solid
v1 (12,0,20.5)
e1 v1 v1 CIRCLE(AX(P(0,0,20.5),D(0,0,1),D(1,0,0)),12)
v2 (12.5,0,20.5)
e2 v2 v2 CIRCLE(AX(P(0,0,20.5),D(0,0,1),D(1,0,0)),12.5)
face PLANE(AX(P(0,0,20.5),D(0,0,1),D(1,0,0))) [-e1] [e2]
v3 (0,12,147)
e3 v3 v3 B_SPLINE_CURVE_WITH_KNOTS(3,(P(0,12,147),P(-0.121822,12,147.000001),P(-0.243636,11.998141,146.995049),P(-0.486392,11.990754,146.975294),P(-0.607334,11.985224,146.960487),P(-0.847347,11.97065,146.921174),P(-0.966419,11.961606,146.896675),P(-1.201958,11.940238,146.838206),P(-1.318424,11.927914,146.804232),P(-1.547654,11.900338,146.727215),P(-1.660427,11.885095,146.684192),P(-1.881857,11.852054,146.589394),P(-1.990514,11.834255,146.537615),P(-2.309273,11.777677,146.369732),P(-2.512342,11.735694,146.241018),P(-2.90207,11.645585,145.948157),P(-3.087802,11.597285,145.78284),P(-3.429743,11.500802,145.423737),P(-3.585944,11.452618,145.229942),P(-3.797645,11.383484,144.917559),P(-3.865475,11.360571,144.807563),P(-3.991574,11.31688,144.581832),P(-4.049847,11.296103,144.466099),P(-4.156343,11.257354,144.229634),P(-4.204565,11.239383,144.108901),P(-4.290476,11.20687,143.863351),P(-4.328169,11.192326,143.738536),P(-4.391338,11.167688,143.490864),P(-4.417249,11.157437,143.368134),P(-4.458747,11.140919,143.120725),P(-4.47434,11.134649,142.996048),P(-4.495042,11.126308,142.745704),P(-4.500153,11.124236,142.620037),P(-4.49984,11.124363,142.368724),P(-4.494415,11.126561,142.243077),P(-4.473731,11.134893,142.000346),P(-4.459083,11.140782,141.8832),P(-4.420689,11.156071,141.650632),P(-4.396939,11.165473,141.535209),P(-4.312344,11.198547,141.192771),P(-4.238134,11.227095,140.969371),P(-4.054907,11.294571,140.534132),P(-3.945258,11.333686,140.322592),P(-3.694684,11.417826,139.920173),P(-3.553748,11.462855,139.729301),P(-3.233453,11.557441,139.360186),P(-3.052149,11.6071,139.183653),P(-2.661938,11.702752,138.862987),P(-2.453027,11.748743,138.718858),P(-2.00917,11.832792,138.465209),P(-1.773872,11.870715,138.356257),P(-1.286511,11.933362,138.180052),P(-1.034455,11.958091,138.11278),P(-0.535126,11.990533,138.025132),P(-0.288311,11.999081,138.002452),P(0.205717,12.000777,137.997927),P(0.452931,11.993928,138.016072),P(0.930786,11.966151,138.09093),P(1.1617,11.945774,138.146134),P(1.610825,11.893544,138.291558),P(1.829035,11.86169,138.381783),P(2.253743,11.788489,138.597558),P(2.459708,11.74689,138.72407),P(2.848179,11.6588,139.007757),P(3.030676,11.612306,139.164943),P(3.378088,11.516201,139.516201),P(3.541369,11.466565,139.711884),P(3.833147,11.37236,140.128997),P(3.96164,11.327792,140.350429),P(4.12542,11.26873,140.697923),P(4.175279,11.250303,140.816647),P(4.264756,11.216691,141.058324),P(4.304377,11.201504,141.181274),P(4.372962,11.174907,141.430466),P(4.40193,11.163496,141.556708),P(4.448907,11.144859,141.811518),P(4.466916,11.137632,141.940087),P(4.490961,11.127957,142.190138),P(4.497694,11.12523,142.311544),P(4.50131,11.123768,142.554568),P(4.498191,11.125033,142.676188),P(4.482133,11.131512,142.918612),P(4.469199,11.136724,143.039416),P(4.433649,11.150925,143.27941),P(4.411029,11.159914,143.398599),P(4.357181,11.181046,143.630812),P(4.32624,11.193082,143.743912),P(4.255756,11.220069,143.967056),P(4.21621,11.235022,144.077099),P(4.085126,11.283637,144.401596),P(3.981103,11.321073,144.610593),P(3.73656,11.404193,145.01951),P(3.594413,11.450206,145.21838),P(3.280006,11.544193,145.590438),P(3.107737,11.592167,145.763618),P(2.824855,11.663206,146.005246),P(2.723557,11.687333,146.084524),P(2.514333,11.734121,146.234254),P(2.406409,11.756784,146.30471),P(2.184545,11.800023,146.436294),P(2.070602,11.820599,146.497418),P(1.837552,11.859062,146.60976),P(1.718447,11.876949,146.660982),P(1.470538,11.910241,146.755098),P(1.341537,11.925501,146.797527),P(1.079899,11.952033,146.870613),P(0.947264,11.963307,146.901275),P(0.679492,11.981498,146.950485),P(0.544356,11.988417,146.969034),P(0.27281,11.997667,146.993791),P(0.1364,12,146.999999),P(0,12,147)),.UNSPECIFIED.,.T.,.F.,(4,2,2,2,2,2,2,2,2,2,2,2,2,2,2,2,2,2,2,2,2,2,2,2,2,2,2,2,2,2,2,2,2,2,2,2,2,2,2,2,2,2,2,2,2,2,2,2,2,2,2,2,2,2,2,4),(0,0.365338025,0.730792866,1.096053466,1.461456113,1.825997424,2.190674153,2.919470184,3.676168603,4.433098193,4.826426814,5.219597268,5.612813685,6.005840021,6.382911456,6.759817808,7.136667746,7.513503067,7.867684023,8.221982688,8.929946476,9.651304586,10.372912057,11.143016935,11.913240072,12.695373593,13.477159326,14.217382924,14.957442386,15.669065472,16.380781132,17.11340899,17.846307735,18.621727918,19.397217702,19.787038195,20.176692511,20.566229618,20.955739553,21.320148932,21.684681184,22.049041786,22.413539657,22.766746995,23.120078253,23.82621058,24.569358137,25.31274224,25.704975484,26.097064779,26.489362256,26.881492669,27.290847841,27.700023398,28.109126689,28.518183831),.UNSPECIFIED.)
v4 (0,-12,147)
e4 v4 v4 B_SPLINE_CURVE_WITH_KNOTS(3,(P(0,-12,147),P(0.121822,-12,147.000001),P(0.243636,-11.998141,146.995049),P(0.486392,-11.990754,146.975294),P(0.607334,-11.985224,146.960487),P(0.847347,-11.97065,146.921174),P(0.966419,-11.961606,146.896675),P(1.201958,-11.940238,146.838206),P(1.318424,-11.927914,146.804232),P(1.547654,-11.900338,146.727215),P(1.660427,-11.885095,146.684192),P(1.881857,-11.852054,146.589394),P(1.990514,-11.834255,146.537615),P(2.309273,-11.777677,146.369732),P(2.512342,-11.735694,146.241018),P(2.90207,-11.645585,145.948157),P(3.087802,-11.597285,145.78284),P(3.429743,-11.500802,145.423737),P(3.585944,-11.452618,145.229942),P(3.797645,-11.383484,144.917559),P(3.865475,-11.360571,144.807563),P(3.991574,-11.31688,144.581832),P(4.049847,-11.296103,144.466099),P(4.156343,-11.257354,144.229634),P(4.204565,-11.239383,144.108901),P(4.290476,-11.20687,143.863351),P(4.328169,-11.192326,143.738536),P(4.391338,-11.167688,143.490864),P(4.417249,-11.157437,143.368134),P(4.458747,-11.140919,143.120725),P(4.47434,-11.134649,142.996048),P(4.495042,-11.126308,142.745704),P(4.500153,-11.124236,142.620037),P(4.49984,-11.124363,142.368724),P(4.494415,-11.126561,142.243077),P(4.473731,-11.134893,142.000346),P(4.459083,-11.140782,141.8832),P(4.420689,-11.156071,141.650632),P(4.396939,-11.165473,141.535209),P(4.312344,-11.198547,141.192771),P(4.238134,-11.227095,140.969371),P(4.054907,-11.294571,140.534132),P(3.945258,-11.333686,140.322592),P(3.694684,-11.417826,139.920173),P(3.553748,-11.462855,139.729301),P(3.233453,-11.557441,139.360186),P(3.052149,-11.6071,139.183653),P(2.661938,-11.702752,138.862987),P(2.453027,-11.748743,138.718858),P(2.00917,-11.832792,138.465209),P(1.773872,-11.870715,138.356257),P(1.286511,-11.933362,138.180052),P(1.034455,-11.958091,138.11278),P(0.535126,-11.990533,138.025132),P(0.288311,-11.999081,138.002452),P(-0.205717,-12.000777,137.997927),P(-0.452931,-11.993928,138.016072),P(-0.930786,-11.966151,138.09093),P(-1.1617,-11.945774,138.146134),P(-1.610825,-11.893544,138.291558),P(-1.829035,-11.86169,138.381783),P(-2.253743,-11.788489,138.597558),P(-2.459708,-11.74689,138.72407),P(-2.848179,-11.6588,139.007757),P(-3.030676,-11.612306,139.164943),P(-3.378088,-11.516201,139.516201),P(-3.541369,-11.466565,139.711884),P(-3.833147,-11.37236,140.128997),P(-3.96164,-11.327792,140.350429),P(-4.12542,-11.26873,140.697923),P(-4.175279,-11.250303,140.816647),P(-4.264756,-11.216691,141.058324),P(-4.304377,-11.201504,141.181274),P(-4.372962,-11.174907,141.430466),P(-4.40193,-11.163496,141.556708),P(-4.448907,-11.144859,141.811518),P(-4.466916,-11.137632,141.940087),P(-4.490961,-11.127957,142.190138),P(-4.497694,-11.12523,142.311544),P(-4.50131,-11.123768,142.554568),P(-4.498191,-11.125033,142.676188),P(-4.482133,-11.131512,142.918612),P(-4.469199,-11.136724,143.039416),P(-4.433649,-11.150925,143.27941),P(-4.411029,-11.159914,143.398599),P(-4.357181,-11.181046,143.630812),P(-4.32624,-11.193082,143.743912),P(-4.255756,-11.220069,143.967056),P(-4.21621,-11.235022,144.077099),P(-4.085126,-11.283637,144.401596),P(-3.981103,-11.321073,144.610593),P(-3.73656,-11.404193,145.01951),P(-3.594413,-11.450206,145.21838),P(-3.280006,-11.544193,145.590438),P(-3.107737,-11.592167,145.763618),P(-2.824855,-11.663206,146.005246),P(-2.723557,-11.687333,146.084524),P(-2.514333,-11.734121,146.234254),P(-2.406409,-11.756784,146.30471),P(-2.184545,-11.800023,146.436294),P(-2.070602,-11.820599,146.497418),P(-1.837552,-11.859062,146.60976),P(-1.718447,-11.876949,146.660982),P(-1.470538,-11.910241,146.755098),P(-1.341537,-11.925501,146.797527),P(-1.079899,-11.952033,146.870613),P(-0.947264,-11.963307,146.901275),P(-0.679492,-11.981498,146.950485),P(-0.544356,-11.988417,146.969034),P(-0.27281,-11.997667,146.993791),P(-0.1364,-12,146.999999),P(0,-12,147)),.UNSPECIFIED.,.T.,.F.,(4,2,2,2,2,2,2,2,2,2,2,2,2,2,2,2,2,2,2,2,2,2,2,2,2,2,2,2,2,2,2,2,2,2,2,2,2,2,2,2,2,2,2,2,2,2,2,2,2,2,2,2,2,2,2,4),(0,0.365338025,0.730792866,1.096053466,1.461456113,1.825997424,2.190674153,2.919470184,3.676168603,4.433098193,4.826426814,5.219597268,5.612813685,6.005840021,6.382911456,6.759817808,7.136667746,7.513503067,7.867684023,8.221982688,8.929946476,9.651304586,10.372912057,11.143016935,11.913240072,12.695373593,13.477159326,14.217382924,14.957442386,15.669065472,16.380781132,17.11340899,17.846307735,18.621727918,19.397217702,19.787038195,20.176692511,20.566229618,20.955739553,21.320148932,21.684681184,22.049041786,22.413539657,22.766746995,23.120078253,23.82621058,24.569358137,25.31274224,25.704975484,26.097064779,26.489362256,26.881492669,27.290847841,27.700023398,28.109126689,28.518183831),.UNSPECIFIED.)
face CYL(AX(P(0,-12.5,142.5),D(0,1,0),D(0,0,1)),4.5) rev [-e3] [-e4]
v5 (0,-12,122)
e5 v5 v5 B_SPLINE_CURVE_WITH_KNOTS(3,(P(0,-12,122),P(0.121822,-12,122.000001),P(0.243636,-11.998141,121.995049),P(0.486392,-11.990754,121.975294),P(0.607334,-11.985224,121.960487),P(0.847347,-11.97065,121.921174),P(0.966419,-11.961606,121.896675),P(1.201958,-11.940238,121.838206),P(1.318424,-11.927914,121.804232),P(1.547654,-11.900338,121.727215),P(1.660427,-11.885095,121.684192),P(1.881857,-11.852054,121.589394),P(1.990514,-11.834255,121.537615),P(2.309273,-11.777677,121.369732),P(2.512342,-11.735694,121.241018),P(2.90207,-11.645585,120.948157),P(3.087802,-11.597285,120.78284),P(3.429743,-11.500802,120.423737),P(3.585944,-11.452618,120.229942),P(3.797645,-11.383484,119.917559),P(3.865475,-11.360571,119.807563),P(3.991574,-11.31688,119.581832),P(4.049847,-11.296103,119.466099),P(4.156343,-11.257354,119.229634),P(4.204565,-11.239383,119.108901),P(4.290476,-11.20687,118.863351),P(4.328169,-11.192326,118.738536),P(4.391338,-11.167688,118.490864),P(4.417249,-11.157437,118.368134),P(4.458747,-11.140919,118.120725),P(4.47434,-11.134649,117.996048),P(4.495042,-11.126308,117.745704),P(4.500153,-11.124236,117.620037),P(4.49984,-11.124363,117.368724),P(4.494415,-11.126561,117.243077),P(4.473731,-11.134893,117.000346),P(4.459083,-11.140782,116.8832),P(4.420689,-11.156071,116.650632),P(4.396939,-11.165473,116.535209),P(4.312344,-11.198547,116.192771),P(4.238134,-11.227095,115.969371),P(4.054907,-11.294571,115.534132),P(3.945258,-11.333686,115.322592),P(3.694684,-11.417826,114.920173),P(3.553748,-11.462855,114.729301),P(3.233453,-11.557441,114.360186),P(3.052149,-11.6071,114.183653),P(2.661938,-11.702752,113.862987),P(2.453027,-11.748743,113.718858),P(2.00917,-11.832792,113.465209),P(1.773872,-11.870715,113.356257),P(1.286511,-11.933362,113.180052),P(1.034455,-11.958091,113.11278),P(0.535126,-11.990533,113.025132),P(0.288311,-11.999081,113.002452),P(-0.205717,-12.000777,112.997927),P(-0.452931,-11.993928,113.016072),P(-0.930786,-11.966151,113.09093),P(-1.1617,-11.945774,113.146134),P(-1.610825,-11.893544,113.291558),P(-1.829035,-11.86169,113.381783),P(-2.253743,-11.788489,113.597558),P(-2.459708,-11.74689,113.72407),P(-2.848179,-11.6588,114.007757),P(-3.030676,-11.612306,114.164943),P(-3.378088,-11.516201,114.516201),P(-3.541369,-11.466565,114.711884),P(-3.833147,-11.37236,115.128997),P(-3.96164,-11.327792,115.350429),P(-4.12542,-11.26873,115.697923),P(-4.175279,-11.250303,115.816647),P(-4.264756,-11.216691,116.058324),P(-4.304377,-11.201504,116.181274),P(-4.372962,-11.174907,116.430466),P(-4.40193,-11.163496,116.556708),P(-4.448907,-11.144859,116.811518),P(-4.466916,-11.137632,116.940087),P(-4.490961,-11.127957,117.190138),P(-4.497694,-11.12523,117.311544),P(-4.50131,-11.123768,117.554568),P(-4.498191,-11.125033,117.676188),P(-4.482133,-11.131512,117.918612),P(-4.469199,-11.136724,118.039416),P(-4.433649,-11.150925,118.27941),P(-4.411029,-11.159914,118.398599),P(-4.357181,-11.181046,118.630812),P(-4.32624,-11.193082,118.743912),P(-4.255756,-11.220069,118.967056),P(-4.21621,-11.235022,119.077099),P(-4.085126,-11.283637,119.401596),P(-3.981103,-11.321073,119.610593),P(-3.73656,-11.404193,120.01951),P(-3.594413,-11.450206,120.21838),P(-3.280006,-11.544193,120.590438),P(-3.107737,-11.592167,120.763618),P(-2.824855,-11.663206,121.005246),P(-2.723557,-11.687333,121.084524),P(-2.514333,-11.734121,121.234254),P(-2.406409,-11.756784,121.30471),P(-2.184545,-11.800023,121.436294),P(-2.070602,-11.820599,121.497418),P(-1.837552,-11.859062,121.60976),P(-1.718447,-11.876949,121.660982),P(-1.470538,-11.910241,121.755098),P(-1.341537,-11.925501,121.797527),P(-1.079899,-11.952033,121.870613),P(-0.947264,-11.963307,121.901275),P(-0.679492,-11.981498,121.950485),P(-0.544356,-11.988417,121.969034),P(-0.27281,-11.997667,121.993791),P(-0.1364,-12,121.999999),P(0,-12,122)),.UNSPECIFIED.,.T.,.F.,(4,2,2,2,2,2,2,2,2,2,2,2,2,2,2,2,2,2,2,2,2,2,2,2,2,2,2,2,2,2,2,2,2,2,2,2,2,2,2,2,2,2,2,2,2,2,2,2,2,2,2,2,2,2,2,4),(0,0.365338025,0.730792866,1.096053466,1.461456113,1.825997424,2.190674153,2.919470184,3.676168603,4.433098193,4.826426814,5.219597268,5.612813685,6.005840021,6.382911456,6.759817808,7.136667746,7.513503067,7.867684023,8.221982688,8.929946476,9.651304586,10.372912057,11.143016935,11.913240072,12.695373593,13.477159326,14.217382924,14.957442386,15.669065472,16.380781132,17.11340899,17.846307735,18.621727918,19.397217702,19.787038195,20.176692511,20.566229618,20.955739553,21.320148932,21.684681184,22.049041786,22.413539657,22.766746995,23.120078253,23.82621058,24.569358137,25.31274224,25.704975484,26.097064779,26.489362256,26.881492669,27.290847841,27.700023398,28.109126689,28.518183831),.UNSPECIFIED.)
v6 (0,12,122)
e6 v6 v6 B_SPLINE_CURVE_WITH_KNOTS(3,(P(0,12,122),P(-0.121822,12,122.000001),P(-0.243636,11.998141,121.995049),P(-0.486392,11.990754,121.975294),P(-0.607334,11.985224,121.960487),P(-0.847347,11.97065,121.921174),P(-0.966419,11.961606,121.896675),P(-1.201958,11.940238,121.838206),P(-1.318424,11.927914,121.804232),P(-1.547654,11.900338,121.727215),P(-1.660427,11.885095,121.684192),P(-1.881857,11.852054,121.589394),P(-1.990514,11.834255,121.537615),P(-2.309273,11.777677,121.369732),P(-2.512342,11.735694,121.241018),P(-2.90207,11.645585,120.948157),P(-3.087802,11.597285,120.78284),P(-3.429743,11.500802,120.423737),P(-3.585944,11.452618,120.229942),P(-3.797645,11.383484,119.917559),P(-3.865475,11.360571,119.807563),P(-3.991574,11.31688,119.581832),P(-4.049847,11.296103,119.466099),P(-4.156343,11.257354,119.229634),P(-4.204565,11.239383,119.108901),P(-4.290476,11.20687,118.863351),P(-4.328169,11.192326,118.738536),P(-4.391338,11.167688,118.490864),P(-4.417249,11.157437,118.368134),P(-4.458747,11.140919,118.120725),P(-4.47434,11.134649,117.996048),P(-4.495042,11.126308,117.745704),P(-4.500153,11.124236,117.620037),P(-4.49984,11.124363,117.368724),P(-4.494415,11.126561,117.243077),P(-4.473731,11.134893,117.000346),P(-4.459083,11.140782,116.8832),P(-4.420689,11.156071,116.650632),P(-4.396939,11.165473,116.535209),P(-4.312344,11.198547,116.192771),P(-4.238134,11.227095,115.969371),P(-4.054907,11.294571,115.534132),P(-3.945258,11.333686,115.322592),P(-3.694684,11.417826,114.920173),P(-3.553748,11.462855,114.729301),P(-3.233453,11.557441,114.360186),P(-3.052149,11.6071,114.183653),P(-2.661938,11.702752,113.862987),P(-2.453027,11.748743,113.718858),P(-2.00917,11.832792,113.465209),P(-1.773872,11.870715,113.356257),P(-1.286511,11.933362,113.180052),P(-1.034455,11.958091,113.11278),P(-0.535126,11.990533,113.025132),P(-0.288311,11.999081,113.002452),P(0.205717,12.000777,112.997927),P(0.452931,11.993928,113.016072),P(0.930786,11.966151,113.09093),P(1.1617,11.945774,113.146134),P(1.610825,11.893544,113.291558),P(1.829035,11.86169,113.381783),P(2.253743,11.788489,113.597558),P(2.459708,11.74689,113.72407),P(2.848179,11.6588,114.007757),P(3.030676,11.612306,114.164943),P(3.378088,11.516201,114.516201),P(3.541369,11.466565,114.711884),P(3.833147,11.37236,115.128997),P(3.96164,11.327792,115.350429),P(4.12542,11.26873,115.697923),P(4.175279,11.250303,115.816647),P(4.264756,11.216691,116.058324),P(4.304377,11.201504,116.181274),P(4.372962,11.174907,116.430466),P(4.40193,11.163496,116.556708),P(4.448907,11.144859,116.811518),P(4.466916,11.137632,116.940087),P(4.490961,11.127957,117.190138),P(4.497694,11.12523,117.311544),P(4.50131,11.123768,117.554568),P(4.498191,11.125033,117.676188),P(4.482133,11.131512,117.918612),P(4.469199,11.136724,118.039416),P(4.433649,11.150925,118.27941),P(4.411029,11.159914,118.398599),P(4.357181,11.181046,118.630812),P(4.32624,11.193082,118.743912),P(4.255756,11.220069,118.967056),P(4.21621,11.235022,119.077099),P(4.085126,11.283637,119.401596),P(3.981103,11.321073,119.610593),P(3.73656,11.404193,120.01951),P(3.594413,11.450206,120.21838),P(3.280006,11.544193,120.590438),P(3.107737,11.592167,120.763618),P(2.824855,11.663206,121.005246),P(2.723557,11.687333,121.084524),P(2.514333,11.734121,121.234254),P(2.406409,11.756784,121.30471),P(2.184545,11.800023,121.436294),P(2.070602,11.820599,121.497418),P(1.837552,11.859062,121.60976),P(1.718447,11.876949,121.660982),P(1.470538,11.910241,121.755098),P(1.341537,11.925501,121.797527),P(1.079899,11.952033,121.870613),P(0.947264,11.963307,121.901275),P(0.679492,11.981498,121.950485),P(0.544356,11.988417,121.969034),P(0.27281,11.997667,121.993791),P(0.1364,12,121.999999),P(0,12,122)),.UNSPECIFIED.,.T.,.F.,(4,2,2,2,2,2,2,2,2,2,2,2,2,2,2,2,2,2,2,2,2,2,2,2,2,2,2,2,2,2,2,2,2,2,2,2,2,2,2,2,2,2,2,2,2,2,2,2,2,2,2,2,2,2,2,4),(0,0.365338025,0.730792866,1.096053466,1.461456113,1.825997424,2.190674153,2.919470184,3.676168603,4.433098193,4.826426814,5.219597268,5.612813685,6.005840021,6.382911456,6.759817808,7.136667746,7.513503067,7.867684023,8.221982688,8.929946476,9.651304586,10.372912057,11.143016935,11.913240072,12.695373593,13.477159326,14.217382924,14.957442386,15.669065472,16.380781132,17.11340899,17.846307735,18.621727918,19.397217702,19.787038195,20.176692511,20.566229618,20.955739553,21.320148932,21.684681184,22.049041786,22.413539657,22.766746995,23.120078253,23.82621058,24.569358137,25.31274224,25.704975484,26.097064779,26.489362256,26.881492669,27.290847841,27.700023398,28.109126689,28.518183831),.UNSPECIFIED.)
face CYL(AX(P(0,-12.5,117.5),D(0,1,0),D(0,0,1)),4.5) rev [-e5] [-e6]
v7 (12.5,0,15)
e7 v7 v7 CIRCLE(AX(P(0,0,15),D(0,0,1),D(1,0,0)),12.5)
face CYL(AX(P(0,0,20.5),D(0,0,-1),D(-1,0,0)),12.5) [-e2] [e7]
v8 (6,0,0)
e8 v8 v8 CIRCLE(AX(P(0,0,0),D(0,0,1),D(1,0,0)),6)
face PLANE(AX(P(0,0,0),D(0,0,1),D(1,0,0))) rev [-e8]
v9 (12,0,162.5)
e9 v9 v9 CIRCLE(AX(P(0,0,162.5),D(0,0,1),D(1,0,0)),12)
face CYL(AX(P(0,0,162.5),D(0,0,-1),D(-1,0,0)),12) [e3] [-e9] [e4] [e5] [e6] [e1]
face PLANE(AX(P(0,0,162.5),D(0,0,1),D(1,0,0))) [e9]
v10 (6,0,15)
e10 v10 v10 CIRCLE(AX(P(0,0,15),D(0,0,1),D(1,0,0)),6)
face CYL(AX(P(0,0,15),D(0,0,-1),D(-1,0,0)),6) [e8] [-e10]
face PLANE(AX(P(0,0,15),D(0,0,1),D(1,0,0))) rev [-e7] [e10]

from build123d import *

# Parameters (mm, degrees)
SKETCH1_R           = 6
BOSS_EXTRUDE1_DEPTH = 15
SKETCH2_R           = 12.5
BOSS_EXTRUDE2_DEPTH = 5.5
SKETCH3_R           = 12
BOSS_EXTRUDE3_DEPTH = 142
SKETCH4_R           = 4.5
CUT_EXTRUDE1_DEPTH  = 164.458710383
LPATTERN1_COUNT     = 2
LPATTERN1_PITCH     = 25


with BuildPart() as part:
    # Sketch1 → Boss-Extrude1 (new body)
    with BuildSketch(Plane.XY):
        Circle(SKETCH1_R)
    extrude(amount=BOSS_EXTRUDE1_DEPTH)

    # Sketch2 → Boss-Extrude2 (add)
    with BuildSketch(Plane.XY.offset(15)):
        Circle(SKETCH2_R)
    extrude(amount=BOSS_EXTRUDE2_DEPTH)

    # Sketch3 → Boss-Extrude3 (add)
    with BuildSketch(Plane.XY.offset(20.5)):
        Circle(SKETCH3_R)
    extrude(amount=BOSS_EXTRUDE3_DEPTH)

    # Sketch4 → Cut-Extrude1 (cut, symmetric)
    with BuildSketch(Plane(origin=(0, 0, 0), x_dir=(1, 0, 0), z_dir=(0, 1, 0))):
        with Locations(Location((0, -142.5, 0), (0, 0, 270))):
            Circle(SKETCH4_R)
    cut_extrude1 = extrude(amount=CUT_EXTRUDE1_DEPTH, both=True, mode=Mode.SUBTRACT)

    # LPattern1: Cut-Extrude1 ×2
    with Locations(*[(0, 0, -i * LPATTERN1_PITCH) for i in range(1, LPATTERN1_COUNT)]):
        add(cut_extrude1, mode=Mode.SUBTRACT)


solid = part.part
